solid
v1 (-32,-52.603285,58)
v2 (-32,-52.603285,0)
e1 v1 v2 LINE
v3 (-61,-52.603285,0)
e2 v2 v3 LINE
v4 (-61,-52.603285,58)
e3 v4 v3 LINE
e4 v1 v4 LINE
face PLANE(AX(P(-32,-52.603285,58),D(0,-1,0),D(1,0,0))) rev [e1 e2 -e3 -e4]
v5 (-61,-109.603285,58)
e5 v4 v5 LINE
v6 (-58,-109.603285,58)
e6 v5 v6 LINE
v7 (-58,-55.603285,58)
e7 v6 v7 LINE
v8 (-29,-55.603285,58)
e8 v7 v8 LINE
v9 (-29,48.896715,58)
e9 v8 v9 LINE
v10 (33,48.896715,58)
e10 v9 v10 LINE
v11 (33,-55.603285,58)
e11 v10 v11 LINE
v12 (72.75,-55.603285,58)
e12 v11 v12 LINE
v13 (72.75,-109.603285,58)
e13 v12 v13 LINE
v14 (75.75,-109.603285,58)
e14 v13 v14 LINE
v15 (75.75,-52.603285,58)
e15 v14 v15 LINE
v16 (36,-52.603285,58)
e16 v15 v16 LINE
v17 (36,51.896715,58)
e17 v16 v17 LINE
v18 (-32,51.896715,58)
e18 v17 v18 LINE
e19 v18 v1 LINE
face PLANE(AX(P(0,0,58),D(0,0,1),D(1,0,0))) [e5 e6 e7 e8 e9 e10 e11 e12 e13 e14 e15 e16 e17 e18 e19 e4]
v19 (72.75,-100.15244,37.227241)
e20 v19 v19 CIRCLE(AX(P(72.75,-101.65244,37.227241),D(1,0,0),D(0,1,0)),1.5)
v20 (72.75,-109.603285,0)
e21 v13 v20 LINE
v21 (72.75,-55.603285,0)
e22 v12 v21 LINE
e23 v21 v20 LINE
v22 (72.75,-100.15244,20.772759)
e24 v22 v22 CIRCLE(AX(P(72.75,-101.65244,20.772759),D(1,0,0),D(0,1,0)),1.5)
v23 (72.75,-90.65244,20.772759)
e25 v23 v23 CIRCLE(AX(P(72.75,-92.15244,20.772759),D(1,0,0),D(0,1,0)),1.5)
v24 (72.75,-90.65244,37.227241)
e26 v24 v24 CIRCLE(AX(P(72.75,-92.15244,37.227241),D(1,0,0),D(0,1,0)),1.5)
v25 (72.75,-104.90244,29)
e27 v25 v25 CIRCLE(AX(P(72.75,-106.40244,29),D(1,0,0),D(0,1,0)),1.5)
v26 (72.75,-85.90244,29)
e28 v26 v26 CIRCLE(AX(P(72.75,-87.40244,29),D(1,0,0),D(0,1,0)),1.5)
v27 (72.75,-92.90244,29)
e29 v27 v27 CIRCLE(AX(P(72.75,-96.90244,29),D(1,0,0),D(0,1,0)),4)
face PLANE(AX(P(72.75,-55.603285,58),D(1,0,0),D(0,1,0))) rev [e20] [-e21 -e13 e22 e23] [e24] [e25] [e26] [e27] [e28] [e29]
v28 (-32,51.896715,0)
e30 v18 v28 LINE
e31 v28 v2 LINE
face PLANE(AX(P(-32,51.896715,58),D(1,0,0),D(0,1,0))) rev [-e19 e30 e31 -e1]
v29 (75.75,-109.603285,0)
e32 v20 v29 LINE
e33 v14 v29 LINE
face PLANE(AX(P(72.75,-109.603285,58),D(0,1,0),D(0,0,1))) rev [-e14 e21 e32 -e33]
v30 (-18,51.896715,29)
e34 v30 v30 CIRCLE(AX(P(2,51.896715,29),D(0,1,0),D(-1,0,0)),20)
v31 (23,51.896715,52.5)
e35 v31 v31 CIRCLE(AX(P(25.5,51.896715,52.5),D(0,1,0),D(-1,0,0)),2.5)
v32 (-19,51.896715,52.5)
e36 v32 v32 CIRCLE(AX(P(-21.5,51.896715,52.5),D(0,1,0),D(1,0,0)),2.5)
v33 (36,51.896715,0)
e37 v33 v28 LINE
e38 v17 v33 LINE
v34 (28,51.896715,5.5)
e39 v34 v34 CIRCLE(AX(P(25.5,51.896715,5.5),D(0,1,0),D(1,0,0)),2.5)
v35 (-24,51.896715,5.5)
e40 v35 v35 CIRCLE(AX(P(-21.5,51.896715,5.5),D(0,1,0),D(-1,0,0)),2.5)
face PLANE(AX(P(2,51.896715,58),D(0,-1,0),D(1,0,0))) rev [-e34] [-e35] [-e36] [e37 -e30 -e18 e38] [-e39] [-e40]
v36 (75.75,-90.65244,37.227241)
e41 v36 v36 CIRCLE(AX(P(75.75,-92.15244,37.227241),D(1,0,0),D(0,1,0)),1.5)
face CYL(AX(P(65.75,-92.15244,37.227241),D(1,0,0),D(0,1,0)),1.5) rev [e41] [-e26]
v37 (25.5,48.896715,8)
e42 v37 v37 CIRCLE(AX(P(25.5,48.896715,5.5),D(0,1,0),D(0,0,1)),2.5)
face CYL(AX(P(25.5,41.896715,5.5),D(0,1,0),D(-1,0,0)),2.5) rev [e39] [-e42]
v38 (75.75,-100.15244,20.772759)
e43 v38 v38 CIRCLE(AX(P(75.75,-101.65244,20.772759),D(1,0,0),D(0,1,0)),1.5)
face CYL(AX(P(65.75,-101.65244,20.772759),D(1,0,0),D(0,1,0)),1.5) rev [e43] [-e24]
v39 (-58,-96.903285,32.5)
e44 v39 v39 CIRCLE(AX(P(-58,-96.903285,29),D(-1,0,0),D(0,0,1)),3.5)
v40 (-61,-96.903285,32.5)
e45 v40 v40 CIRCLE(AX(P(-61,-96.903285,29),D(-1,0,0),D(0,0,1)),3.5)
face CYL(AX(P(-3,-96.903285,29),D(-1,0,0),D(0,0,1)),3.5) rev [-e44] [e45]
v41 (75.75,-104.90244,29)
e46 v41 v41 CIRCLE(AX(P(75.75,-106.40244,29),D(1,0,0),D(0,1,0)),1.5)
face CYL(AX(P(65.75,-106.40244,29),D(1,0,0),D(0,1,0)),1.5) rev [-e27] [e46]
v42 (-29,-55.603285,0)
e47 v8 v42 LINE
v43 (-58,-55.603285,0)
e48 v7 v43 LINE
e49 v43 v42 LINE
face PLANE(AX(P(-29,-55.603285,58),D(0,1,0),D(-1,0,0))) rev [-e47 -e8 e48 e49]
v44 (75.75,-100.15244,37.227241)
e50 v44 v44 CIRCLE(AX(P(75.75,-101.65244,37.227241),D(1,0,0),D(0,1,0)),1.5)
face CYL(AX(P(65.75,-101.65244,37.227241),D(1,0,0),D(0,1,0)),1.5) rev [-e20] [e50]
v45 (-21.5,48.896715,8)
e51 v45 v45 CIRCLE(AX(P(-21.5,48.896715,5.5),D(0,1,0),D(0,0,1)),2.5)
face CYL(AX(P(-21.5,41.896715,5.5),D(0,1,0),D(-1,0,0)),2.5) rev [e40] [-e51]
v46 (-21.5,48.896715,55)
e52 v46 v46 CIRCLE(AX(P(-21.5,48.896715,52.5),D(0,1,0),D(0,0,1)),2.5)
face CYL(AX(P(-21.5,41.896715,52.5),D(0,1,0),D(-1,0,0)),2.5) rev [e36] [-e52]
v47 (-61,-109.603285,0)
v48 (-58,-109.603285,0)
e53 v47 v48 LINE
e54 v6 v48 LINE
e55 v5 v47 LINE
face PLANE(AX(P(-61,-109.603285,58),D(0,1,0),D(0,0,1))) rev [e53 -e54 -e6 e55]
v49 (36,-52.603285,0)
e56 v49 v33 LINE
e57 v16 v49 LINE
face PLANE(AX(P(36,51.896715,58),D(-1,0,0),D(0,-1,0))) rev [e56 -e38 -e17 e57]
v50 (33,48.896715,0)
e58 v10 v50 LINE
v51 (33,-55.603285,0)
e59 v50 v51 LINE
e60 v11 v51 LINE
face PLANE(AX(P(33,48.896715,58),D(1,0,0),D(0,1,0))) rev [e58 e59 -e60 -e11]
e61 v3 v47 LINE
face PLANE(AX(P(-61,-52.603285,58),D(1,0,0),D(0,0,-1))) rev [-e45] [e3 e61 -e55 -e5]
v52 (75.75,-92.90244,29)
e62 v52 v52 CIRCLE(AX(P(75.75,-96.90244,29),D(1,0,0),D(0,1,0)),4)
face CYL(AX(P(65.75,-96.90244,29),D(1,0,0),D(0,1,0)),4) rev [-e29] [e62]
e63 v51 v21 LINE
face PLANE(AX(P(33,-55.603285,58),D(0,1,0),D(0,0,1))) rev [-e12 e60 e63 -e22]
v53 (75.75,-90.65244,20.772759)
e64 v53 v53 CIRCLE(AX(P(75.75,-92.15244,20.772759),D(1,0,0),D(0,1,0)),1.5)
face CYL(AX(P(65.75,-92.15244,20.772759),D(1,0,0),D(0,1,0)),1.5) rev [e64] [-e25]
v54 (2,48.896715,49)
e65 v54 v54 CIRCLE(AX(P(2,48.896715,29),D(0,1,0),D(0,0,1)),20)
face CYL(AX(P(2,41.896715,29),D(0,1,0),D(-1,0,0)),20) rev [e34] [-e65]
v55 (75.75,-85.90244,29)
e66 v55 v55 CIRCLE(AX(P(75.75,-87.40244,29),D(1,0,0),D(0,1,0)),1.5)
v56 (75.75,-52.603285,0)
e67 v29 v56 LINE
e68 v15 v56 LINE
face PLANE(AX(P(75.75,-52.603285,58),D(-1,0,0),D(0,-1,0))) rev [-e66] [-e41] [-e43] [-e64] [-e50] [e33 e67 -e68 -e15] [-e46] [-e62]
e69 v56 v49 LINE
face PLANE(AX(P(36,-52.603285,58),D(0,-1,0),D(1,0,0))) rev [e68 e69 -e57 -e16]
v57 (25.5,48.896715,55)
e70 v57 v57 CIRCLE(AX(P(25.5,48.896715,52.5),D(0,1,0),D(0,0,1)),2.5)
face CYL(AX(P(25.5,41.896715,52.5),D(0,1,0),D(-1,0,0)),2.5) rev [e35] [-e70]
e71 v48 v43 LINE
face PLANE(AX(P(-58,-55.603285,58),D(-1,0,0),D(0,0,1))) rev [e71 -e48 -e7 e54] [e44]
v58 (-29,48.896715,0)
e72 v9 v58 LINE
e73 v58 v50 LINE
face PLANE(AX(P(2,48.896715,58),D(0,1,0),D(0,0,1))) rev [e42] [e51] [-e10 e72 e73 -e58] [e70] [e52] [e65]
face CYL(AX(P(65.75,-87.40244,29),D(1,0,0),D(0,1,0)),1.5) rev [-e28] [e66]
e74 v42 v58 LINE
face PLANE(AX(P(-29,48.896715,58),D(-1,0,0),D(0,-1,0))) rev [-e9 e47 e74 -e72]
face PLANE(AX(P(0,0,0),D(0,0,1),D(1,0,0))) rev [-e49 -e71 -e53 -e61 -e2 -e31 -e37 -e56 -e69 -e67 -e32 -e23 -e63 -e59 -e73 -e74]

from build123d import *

# Parameters (mm, degrees)
BOSS_EXTRUDE1_DEPTH = 58
SKETCH5_R           = 3.5
CUT_EXTRUDE3_DEPTH  = 58
SKETCH15_R          = 4
CUT_EXTRUDE4_DEPTH  = 10
SKETCH16_R          = 1.5
CUT_EXTRUDE5_DEPTH  = 10
SKETCH17_R          = 20
SKETCH17_R_2        = 2.5
CUT_EXTRUDE6_DEPTH  = 10


with BuildPart() as part:
    # Sketch2 → Boss-Extrude1 (new body)
    with BuildSketch(Plane.XY):
        Polygon((2, 51.896715462), (36, 51.896715462), (36, -52.603284538), (75.75, -52.603284538), (75.75, -109.603284538), (72.75, -109.603284538), (72.75, -55.603284538), (33, -55.603284538), (33, 48.896715462), (2, 48.896715462), (-29, 48.896715462), (-29, -55.603284538), (-58, -55.603284538), (-58, -109.603284538), (-61, -109.603284538), (-61, -52.603284538), (-32, -52.603284538), (-32, 51.896715462), align=None)
    extrude(amount=BOSS_EXTRUDE1_DEPTH)

    # Sketch5 → Cut-Extrude3 (cut)
    with BuildSketch(Plane.ZY.offset(61)):
        with Locations((29, -96.903284538)):
            Circle(SKETCH5_R)
    extrude(amount=-CUT_EXTRUDE3_DEPTH, mode=Mode.SUBTRACT)

    # Sketch15 → Cut-Extrude4 (cut)
    with BuildSketch(Plane(origin=(75.75, 0, 0), x_dir=(0, 0, -1), z_dir=(1, 0, 0))):
        with Locations((-29, -96.902439923)):
            Circle(SKETCH15_R)
    extrude(amount=-CUT_EXTRUDE4_DEPTH, mode=Mode.SUBTRACT)

    # Sketch16 → Cut-Extrude5 (cut)
    with BuildSketch(Plane(origin=(75.75, 0, 0), x_dir=(0, 0, -1), z_dir=(1, 0, 0))):
        with Locations((-29, -87.402439923)):
            Circle(SKETCH16_R)
        with Locations((-20.772758664, -92.152439923)):
            Circle(SKETCH16_R)
        with Locations((-20.772758664, -101.652439923)):
            Circle(SKETCH16_R)
        with Locations((-29, -106.402439923)):
            Circle(SKETCH16_R)
        with Locations((-37.227241336, -101.652439923)):
            Circle(SKETCH16_R)
        with Locations((-37.227241336, -92.152439923)):
            Circle(SKETCH16_R)
    extrude(amount=-CUT_EXTRUDE5_DEPTH, mode=Mode.SUBTRACT)

    # Sketch17 → Cut-Extrude6 (cut)
    with BuildSketch(Plane(origin=(0, 51.896715462, 0), x_dir=(1, 0, 0), z_dir=(0, 1, 0))):
        with Locations((2, -29)):
            Circle(SKETCH17_R)
        with Locations((-21.5, -5.5)):
            Circle(SKETCH17_R_2)
        with Locations((25.5, -5.5)):
            Circle(SKETCH17_R_2)
        with Locations((25.5, -52.5)):
            Circle(SKETCH17_R_2)
        with Locations((-21.5, -52.5)):
            Circle(SKETCH17_R_2)
    extrude(amount=-CUT_EXTRUDE6_DEPTH, mode=Mode.SUBTRACT)


solid = part.part
